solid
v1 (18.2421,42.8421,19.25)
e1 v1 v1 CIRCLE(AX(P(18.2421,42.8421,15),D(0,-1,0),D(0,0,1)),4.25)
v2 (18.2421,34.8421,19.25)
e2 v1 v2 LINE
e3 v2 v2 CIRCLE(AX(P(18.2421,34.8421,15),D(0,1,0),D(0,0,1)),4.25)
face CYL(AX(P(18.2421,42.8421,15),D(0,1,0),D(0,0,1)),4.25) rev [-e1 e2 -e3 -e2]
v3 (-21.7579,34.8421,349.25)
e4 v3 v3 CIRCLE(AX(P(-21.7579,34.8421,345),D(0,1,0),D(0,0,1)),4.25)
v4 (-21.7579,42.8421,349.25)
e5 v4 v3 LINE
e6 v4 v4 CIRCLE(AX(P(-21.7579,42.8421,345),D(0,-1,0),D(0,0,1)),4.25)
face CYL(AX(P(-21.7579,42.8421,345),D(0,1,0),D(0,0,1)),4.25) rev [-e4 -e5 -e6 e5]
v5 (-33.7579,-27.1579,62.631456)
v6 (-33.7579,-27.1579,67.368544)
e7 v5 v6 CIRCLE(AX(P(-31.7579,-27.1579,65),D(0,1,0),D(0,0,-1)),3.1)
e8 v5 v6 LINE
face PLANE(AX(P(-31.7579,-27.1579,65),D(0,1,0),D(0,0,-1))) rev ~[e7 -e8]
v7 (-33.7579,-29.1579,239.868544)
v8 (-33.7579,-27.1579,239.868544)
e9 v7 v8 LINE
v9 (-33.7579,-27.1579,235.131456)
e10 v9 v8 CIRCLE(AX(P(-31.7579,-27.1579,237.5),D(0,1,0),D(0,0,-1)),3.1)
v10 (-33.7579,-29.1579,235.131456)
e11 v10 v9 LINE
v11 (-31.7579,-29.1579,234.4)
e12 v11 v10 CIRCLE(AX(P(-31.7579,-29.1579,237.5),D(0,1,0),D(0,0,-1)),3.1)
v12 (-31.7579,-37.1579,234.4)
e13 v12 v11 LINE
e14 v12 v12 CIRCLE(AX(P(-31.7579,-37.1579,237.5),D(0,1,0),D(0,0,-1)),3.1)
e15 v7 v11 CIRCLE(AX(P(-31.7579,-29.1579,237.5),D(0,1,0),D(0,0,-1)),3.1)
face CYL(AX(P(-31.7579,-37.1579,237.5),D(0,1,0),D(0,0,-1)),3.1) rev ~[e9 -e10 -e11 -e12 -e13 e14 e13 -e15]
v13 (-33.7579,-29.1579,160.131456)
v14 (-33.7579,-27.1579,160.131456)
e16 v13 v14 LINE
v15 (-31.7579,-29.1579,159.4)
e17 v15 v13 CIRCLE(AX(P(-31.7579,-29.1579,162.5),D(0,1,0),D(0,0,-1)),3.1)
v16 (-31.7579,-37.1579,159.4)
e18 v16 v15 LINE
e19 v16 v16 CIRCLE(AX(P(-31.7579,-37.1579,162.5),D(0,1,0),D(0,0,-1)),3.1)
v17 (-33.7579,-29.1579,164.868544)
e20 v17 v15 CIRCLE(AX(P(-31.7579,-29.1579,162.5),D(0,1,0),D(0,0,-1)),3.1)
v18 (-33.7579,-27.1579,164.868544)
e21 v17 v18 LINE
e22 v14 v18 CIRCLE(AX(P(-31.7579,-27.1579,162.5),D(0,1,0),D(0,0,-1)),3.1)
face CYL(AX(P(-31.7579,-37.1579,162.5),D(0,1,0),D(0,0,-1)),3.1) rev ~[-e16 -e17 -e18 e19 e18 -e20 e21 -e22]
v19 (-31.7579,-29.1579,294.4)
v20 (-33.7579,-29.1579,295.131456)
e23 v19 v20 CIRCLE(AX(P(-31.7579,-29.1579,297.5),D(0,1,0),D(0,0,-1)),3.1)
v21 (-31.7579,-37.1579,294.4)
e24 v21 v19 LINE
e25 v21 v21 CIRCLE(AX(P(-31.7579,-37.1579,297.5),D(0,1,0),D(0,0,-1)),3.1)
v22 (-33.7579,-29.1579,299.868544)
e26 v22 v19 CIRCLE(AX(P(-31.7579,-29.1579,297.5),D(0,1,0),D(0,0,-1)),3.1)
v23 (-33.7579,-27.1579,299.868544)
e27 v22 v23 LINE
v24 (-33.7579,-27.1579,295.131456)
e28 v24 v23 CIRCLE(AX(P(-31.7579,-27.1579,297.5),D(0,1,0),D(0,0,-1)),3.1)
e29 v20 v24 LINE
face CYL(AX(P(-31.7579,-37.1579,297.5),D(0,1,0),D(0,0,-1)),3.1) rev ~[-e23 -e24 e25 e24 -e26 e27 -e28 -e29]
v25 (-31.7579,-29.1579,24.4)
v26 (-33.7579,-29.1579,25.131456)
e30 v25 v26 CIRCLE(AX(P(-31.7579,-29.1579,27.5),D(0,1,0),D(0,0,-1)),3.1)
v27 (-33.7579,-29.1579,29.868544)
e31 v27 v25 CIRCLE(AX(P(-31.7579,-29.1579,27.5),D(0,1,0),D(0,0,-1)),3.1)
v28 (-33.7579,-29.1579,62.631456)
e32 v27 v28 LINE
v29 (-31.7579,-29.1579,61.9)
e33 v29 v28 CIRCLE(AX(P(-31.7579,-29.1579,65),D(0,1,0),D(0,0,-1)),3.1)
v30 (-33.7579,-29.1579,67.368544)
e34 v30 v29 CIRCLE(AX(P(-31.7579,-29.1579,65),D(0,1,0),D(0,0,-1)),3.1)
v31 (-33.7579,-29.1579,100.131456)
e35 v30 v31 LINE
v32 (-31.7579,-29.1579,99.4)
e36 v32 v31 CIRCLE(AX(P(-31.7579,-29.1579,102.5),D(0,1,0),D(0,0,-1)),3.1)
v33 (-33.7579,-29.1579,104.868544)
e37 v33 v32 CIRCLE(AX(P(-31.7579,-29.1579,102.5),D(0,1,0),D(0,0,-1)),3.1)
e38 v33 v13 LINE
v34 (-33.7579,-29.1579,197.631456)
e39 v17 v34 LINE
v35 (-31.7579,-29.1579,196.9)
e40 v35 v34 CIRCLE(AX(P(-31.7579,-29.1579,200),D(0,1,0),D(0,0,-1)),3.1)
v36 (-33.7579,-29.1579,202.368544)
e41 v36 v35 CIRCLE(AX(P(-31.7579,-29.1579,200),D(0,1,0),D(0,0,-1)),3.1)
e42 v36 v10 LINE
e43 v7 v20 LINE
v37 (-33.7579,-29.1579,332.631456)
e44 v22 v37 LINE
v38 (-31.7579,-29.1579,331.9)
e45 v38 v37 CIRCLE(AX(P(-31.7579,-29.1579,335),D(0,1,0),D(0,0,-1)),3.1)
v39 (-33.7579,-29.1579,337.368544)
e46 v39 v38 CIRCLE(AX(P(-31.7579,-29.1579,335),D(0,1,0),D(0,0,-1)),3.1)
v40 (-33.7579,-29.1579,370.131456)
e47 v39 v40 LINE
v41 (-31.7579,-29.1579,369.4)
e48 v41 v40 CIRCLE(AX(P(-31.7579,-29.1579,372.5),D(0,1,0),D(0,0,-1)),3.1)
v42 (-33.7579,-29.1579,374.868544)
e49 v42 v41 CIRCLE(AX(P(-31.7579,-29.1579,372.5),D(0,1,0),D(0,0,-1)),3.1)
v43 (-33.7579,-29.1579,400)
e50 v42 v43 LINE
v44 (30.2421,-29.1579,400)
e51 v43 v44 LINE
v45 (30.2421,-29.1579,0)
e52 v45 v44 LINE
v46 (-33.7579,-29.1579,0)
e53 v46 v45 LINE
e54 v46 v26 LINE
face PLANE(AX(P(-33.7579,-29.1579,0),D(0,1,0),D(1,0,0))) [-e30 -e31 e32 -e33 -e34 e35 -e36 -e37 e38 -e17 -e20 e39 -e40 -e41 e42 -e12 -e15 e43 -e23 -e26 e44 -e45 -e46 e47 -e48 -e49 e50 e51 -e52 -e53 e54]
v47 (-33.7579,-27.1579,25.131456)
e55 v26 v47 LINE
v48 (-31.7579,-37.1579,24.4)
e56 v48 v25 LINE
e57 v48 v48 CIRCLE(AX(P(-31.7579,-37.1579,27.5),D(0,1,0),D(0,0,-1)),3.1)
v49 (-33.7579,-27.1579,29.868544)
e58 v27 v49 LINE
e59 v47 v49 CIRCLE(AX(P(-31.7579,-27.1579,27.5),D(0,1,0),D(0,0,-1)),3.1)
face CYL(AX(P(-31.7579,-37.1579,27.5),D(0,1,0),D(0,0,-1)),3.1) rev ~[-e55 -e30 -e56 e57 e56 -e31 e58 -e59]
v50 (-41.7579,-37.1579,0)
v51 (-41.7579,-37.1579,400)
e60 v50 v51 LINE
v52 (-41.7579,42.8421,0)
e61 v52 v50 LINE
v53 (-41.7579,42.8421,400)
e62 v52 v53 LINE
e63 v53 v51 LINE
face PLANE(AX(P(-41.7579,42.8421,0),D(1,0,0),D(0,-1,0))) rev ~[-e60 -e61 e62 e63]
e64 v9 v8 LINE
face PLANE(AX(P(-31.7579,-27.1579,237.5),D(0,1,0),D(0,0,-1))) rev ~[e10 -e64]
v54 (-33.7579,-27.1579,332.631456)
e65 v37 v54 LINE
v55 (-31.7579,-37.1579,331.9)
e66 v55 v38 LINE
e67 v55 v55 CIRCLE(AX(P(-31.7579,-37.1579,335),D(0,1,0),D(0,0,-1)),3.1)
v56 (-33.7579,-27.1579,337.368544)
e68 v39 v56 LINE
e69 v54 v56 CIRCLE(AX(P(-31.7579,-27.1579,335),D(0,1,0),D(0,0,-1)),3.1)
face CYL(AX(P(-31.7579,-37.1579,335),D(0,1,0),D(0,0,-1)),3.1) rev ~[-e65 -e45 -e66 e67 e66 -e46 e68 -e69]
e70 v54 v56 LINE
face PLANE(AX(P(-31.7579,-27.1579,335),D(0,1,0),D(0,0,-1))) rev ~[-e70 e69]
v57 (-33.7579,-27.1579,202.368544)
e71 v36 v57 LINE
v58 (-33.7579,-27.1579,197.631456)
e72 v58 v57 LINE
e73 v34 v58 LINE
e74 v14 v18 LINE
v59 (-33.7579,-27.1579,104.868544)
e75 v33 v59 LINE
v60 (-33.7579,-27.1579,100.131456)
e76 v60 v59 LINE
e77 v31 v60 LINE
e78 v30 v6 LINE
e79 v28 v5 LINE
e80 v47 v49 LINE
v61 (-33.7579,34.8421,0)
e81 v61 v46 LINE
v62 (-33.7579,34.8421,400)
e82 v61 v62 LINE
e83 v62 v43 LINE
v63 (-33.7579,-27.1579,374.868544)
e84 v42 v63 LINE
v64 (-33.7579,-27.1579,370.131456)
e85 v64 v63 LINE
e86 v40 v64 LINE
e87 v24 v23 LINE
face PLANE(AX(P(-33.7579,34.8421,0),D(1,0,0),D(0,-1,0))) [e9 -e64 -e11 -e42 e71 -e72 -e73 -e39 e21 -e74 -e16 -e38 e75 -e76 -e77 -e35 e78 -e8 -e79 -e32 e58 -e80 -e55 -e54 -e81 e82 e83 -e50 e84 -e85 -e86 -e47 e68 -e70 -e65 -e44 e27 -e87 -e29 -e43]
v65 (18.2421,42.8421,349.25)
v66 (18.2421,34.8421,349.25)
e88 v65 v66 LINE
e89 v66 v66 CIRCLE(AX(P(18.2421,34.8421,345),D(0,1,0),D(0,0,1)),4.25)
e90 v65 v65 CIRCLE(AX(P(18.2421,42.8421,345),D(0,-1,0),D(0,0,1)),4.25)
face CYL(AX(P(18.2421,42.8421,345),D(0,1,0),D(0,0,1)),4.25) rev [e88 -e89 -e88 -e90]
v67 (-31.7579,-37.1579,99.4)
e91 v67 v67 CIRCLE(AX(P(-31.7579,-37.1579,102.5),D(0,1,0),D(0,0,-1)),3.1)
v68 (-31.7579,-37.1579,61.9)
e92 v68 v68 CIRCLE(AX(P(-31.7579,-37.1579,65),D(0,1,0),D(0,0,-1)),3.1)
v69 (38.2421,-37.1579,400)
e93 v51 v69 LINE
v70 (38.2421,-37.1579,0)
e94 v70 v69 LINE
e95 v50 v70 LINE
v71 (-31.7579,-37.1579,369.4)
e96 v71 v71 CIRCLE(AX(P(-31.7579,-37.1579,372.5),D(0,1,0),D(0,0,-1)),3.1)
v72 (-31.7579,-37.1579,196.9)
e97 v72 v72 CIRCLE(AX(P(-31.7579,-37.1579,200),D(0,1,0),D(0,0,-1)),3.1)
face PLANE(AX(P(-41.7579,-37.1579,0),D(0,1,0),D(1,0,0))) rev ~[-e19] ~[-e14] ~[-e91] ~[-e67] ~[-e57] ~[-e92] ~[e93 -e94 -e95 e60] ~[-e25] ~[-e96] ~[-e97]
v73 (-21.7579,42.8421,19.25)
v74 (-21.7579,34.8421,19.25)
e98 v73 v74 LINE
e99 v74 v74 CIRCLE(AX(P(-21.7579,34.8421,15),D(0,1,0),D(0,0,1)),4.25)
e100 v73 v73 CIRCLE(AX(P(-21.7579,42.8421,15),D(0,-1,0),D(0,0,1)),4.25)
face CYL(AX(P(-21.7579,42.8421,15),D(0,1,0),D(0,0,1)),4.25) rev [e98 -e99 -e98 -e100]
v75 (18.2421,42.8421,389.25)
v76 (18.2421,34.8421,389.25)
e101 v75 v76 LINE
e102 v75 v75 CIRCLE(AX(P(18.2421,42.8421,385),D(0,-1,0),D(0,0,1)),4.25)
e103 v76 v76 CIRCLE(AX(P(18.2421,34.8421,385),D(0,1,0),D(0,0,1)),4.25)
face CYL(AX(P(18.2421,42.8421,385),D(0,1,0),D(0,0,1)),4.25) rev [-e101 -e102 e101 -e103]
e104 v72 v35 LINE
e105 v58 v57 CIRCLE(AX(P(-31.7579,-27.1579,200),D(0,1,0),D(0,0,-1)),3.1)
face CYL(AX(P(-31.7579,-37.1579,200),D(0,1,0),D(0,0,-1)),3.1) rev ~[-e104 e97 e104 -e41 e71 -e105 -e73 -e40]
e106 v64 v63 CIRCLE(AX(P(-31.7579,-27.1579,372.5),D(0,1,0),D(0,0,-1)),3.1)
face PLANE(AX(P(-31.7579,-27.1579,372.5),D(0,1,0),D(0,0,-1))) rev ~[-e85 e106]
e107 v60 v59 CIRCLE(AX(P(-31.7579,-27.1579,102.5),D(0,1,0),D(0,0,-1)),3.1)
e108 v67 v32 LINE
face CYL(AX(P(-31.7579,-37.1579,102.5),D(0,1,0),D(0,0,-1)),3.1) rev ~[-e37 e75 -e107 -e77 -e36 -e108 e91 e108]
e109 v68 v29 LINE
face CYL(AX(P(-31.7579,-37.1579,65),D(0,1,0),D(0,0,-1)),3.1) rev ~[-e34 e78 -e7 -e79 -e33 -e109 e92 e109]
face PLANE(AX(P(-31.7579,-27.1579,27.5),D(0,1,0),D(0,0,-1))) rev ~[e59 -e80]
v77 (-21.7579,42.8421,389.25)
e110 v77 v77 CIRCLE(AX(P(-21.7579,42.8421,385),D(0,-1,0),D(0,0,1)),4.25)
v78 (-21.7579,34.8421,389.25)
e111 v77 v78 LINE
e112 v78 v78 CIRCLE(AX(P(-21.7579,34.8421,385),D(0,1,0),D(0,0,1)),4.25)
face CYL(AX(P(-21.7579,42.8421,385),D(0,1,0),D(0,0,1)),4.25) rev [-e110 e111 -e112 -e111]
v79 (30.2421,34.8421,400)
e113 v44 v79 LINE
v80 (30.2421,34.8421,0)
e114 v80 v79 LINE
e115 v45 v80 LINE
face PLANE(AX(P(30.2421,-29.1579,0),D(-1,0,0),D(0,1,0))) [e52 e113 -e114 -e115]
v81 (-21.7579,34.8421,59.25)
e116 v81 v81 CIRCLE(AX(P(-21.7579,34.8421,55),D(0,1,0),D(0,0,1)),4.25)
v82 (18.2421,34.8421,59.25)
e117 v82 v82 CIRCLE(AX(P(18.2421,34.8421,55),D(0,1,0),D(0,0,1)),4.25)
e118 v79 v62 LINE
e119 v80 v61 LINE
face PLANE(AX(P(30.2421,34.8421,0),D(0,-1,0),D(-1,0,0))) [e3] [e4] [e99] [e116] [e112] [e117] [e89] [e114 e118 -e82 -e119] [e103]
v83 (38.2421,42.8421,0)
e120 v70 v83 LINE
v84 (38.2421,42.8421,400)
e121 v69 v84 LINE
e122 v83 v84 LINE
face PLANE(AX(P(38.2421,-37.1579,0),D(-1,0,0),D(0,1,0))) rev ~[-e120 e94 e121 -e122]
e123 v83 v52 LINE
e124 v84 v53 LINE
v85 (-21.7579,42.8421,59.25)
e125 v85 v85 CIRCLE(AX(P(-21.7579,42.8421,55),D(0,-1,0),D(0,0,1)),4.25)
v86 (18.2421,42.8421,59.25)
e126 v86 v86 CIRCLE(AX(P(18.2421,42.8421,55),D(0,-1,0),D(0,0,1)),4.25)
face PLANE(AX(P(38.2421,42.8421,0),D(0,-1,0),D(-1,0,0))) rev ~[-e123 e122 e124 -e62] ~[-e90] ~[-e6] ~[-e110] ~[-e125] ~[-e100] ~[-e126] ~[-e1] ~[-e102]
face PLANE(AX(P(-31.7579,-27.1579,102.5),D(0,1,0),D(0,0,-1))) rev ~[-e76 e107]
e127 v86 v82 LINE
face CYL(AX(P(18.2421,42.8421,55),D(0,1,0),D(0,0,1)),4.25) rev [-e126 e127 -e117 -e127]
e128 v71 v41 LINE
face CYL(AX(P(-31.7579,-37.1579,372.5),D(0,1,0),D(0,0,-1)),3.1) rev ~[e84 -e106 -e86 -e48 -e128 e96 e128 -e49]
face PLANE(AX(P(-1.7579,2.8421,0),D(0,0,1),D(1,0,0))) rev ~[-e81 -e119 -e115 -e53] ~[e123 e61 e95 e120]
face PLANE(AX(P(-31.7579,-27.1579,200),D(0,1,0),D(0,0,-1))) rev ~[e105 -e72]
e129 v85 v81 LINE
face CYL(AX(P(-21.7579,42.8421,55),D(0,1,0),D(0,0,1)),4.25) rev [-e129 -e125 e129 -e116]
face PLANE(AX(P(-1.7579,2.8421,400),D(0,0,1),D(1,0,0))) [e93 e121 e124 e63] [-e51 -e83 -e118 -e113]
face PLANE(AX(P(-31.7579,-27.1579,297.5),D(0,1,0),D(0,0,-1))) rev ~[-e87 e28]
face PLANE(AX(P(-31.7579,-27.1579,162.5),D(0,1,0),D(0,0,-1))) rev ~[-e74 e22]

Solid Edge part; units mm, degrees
sketch "Sketch1" plane through (0, 0, 0) normal (0, 0, 1) x (1, 0, 0)
  line L0 (-33.7579, 34.8421) -> (-33.7579, -29.1579)
  line L1 (-33.7579, -29.1579) -> (30.2421, -29.1579)
  line L2 (30.2421, -29.1579) -> (30.2421, 34.8421)
  line L3 (30.2421, 34.8421) -> (-33.7579, 34.8421)
  line L4 (-41.7579, 42.8421) -> (-41.7579, -37.1579)
  line L5 (-41.7579, -37.1579) -> (38.2421, -37.1579)
  line L6 (38.2421, -37.1579) -> (38.2421, 42.8421)
  line L7 (38.2421, 42.8421) -> (-41.7579, 42.8421)
  dimension "D1" = 80
  dimension "D2" = 80
  dimension "D3" = 8
  dimension "D4" = 8
  dimension "D5" = 8
  dimension "D6" = 8
extrude "Protrusion1" add sketch "Sketch1" along normal blind 400
hole "Hole_10" at (-31.7579, -37.1579, 335) direction (0, 1, 0) diameter 6.2 depth 10
hole "Hole1" at (-31.7579, -37.1579, 297.5) direction (0, 1, 0) diameter 6.2 depth 10
hole "Hole2" at (-31.7579, -37.1579, 237.5) direction (0, 1, 0) diameter 6.2 depth 10
hole "Hole3" at (-31.7579, -37.1579, 200) direction (0, 1, 0) diameter 6.2 depth 10
hole "Hole4" at (-31.7579, -37.1579, 162.5) direction (0, 1, 0) diameter 6.2 depth 10
hole "Hole5" at (-31.7579, -37.1579, 102.5) direction (0, 1, 0) diameter 6.2 depth 10
hole "Hole6" at (-31.7579, -37.1579, 65) direction (0, 1, 0) diameter 6.2 depth 10
hole "Hole7" at (-31.7579, -37.1579, 27.5) direction (0, 1, 0) diameter 6.2 depth 10
hole "Hole8" at (-31.7579, -37.1579, 372.5) direction (0, 1, 0) diameter 6.2 depth 10
hole "Hole_19" at (-21.7579, 42.8421, 15) direction (0, -1, 0) diameter 8.5 end up to next
hole "Hole9" at (-21.7579, 42.8421, 55) direction (0, -1, 0) diameter 8.5 end up to next
hole "Hole10" at (18.2421, 42.8421, 55) direction (0, -1, 0) diameter 8.5 end up to next
hole "Hole11" at (18.2421, 42.8421, 345) direction (0, -1, 0) diameter 8.5 end up to next
hole "Hole12" at (18.2421, 42.8421, 385) direction (0, -1, 0) diameter 8.5 end up to next
hole "Hole13" at (-21.7579, 42.8421, 385) direction (0, -1, 0) diameter 8.5 end up to next
hole "Hole14" at (-21.7579, 42.8421, 345) direction (0, -1, 0) diameter 8.5 end up to next
hole "Hole15" at (18.2421, 42.8421, 15) direction (0, -1, 0) diameter 8.5 end up to next
